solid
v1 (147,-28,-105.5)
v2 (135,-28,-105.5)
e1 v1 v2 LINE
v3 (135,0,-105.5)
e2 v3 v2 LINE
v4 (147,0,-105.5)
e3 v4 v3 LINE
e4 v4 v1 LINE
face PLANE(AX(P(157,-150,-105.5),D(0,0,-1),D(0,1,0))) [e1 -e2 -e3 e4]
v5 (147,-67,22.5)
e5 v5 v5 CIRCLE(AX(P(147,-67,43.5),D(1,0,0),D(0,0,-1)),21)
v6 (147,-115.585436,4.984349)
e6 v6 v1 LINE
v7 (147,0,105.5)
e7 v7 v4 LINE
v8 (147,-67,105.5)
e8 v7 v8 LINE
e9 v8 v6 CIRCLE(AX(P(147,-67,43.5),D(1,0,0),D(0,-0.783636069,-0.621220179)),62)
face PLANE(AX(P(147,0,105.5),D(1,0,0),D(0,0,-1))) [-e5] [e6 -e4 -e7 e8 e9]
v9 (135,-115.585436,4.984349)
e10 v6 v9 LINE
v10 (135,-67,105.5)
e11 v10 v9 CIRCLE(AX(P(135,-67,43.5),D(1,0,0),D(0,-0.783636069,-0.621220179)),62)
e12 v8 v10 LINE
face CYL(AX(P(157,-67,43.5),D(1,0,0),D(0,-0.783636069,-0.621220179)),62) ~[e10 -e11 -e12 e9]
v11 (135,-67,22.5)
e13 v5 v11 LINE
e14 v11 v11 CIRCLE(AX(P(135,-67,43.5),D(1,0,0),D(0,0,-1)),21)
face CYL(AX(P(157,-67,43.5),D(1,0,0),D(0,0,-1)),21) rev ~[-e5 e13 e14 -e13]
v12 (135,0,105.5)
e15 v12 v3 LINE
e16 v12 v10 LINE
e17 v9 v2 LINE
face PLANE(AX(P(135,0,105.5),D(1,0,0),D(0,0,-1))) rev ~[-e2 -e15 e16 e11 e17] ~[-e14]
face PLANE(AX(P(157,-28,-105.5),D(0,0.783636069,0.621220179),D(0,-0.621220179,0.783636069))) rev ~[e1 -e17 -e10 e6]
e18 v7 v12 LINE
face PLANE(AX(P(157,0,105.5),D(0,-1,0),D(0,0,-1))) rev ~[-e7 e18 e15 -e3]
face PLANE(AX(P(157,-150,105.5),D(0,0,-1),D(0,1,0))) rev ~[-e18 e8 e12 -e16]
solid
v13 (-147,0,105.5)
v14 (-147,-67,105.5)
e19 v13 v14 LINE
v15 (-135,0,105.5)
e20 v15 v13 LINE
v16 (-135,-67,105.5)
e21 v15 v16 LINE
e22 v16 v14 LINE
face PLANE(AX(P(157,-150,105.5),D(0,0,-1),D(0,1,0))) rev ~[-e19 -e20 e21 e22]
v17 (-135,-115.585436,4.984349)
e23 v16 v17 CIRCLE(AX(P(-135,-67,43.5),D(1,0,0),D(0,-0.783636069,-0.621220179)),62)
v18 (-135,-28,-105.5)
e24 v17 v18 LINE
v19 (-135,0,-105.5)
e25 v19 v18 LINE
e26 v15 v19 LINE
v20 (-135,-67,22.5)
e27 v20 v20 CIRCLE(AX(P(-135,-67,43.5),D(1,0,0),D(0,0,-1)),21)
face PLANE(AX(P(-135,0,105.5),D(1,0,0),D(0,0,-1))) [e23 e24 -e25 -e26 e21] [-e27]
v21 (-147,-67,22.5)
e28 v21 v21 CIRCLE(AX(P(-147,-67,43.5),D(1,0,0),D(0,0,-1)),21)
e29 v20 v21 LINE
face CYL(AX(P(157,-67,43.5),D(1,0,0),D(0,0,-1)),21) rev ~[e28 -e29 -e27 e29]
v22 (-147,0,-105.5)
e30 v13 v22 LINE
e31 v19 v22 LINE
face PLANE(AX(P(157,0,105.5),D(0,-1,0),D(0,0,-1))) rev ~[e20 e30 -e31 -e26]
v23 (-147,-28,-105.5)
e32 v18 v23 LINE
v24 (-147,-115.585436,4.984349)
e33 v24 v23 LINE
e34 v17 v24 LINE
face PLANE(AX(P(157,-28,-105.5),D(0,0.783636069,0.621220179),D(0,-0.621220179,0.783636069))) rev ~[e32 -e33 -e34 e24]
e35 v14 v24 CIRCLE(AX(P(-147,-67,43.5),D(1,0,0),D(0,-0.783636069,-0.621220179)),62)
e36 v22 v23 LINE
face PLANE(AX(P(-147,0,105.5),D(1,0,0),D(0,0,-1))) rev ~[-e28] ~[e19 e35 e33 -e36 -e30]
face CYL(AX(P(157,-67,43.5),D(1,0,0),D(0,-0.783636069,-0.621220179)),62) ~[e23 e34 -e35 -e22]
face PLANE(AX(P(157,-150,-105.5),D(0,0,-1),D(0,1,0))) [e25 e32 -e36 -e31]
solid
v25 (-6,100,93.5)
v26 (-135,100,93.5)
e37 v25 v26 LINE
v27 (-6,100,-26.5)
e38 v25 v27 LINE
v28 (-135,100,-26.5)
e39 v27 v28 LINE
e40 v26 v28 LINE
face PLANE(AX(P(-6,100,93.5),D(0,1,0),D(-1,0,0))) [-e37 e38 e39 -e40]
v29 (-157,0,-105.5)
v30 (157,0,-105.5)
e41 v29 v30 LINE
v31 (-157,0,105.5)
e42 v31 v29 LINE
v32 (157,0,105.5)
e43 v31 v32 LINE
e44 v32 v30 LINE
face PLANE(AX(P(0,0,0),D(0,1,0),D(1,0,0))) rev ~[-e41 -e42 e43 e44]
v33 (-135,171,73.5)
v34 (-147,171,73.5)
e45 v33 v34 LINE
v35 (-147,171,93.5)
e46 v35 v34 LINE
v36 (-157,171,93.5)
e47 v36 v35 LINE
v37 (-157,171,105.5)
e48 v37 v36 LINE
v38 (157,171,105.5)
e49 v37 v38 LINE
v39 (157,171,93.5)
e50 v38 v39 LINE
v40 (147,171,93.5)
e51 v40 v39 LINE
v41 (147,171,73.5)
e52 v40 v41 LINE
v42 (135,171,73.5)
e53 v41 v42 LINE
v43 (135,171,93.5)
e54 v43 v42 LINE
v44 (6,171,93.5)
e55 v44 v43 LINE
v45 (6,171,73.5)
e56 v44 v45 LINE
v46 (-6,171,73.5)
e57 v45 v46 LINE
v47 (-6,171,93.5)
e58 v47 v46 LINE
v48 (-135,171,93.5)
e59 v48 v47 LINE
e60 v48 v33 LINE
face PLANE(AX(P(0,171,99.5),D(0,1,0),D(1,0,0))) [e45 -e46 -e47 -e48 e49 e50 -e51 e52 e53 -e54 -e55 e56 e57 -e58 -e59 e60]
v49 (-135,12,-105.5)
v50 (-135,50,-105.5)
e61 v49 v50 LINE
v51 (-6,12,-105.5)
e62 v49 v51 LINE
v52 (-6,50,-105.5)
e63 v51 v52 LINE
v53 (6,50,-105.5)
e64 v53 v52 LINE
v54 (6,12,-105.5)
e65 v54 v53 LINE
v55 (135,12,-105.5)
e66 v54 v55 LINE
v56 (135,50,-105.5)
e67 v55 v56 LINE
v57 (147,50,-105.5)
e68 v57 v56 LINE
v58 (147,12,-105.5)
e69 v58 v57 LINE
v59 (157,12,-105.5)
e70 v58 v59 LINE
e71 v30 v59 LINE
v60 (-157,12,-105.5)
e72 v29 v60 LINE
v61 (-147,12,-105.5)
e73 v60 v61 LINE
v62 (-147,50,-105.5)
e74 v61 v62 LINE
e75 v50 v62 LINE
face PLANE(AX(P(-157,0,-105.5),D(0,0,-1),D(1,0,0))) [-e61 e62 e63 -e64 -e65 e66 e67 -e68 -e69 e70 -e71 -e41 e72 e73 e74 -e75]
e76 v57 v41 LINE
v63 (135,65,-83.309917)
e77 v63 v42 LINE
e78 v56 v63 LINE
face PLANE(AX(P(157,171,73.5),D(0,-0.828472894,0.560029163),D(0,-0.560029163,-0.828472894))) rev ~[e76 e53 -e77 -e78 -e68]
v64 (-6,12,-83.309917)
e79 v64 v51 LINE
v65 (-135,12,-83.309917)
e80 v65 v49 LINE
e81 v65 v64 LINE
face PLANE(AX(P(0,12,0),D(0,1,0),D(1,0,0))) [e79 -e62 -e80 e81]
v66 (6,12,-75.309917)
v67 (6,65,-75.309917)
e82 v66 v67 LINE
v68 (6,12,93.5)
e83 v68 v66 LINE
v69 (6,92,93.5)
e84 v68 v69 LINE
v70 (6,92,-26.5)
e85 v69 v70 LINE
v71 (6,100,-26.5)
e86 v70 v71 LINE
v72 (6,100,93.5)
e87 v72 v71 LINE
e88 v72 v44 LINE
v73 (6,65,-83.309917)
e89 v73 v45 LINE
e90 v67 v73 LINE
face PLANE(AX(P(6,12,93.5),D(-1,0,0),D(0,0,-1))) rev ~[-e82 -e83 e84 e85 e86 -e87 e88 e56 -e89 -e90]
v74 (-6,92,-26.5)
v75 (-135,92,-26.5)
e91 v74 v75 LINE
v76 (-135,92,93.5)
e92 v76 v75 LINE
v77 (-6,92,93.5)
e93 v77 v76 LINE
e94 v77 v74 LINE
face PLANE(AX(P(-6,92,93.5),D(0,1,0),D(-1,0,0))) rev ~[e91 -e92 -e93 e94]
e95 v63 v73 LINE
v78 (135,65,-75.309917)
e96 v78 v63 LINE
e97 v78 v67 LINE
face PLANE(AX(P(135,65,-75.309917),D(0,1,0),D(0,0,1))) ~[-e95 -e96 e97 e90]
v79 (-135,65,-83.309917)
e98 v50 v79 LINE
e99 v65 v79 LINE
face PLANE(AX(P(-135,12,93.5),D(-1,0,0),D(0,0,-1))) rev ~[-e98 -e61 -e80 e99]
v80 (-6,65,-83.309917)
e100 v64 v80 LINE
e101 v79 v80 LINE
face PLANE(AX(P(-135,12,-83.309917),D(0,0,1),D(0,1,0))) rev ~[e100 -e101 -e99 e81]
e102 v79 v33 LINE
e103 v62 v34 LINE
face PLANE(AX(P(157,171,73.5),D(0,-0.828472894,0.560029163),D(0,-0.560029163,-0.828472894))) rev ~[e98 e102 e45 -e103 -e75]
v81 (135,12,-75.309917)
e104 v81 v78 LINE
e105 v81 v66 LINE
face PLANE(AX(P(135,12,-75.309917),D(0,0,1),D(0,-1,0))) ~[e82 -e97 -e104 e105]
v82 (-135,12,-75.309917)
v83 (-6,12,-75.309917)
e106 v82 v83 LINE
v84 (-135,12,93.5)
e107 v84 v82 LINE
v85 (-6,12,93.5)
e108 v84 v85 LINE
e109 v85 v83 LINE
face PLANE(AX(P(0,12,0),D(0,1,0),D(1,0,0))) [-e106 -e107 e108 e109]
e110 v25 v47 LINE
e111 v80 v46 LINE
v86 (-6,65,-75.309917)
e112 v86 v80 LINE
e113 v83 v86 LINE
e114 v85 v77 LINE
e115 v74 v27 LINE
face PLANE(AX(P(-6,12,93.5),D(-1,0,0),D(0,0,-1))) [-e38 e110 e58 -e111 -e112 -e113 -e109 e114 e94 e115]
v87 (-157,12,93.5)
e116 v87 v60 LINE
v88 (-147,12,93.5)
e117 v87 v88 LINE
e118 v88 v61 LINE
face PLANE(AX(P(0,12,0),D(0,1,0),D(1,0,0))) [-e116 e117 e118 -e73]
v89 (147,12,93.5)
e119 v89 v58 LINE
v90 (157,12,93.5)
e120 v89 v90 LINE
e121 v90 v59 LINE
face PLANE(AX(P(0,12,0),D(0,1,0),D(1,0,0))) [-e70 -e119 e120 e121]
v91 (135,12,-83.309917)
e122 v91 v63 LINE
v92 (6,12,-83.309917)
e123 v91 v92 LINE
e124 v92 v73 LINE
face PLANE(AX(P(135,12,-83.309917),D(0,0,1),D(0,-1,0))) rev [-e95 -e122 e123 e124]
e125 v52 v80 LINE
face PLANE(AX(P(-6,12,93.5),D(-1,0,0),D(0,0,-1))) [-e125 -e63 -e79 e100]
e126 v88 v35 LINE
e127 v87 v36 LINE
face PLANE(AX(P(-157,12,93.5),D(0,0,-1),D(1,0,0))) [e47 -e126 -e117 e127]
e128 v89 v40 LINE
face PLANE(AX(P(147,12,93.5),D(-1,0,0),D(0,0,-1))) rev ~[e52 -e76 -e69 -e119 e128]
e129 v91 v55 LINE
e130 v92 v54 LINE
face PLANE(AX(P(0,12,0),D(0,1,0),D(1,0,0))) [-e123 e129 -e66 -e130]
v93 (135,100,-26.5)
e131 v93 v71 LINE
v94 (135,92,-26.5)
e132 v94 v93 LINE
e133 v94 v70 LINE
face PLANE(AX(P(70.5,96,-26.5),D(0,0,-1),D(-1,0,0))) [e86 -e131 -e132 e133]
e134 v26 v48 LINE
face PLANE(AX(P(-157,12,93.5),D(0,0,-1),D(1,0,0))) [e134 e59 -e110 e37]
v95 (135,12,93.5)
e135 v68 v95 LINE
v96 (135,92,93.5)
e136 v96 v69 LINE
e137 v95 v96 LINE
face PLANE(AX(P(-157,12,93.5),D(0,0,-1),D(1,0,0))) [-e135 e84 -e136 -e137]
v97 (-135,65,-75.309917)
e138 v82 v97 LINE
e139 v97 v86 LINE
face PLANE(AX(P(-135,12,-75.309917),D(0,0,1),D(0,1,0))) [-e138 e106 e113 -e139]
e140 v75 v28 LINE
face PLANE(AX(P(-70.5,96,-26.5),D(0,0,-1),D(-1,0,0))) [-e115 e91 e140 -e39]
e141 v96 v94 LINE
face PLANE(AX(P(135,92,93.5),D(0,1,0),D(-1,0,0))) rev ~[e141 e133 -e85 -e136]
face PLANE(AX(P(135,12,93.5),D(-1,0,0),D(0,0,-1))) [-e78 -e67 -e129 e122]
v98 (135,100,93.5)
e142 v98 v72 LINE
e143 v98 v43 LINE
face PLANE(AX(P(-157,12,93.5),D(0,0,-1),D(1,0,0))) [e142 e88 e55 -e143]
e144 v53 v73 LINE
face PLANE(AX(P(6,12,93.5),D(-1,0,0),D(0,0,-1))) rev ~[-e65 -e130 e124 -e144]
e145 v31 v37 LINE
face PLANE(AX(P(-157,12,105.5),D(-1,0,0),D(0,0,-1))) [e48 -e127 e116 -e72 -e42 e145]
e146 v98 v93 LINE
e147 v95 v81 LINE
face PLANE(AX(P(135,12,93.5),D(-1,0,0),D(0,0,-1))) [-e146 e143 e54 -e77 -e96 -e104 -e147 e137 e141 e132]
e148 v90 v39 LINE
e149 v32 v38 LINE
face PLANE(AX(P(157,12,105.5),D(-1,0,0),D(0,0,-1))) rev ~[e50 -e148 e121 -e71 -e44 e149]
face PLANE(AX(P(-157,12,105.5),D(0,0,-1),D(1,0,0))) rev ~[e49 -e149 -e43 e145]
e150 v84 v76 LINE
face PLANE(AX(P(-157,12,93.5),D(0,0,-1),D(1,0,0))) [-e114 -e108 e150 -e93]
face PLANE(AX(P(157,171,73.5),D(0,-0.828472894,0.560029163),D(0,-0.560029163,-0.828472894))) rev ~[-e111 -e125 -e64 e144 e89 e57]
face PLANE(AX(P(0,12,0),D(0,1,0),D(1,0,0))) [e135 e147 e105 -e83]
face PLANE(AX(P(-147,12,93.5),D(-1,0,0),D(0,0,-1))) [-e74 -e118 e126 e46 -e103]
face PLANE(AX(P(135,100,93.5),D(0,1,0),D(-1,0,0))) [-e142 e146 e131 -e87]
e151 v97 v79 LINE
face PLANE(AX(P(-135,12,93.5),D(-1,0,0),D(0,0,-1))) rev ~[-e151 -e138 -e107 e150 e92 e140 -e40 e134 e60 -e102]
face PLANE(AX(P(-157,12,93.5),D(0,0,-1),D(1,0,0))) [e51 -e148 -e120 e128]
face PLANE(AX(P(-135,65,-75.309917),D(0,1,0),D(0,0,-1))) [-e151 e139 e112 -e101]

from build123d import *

# Parameters (mm, degrees)
SKETCH_7_W             = 314
SKETCH_7_H             = 211
EXTRUDE_7_DEPTH        = 12
SKETCH_8_W             = 211
SKETCH_8_H             = 150
EXTRUDE_8_DEPTH        = 314
SKETCH_9_R             = 21
CUT_EXTRUDE_1_DEPTH    = 364.629275499
SKETCH_10_W            = 270
SKETCH_10_H            = 211
SKETCH_10_W_2          = 10
CUT_EXTRUDE_2_DEPTH    = 229.954689841
SKETCH_11_W            = 314
SKETCH_11_H            = 12
EXTRUDE_9_DEPTH        = 159
SKETCH_13_W            = 12
SKETCH_13_H            = 199
EXTRUDE_11_DEPTH       = 159
PATTERN_LINEAR_2_COUNT = 2
PATTERN_LINEAR_2_PITCH = 141
PATTERN_LINEAR_3_COUNT = 2
PATTERN_LINEAR_3_PITCH = 141
CUT_EXTRUDE_3_DEPTH    = 373.783113888
SKETCH_15_W            = 8
SKETCH_15_H            = 53
EXTRUDE_12_DEPTH       = 129
SKETCH_16_W            = 129
SKETCH_16_H            = 8
EXTRUDE_13_DEPTH       = 120


with BuildPart() as part:
    # 草图7 → 凸台-拉伸7 (new body)
    with BuildSketch(Plane(origin=(0, 0, 0), x_dir=(1, 0, 0), z_dir=(0, 1, 0))):
        Rectangle(SKETCH_7_W, SKETCH_7_H)
    extrude(amount=EXTRUDE_7_DEPTH)

    # 草图11 → 凸台-拉伸9 (add)
    with BuildSketch(Plane(origin=(0, 12, 0), x_dir=(1, 0, 0), z_dir=(0, 1, 0))):
        with Locations((0, -99.5)):
            Rectangle(SKETCH_11_W, SKETCH_11_H)
    extrude(amount=EXTRUDE_9_DEPTH)

    # 草图13 → 凸台-拉伸11 (add)
    with BuildSketch(Plane(origin=(0, 12, 0), x_dir=(1, 0, 0), z_dir=(0, 1, 0))):
        with Locations((0, 6)):
            Rectangle(SKETCH_13_W, SKETCH_13_H)
    extrude_11 = extrude(amount=EXTRUDE_11_DEPTH)

    # 阵列(线性)2: 凸台-拉伸11 ×2
    with Locations(*[(-i * PATTERN_LINEAR_2_PITCH, 0, 0) for i in range(1, PATTERN_LINEAR_2_COUNT)]):
        add(extrude_11)

    # 阵列(线性)3: 凸台-拉伸11 ×2
    with Locations(*[(i * PATTERN_LINEAR_3_PITCH, 0, 0) for i in range(1, PATTERN_LINEAR_3_COUNT)]):
        add(extrude_11)

    # 草图14 → 切除-拉伸3 (cut, through all)
    with BuildSketch(Plane(origin=(157, 0, 0), x_dir=(0, 0, -1), z_dir=(1, 0, 0))):
        Polygon((-73.5, 171), (105.5, 50), (105.5, 171), align=None)
    extrude(amount=-CUT_EXTRUDE_3_DEPTH, mode=Mode.SUBTRACT)

    # 草图15 → 凸台-拉伸12 (add)
    with BuildSketch(Plane(origin=(-135, 0, 0), x_dir=(0, 0, -1), z_dir=(1, 0, 0))):
        with Locations((79.309917355, 38.5)):
            Rectangle(SKETCH_15_W, SKETCH_15_H)
    extrude_12 = extrude(amount=EXTRUDE_12_DEPTH)

    # 镜向1: 凸台-拉伸12 across plane
    add(extrude_12.mirror(Plane(origin=(0, 0, 0), x_dir=(0, 0, 1), z_dir=(1, 0, 0))))

    # 草图16 → 凸台-拉伸13 (add)
    with BuildSketch(Plane(origin=(0, 0, 93.5), x_dir=(-1, 0, 0), z_dir=(0, 0, -1))):
        with Locations((-70.5, 96)):
            Rectangle(SKETCH_16_W, SKETCH_16_H)
        with Locations((70.5, 96)):
            Rectangle(SKETCH_16_W, SKETCH_16_H)
    extrude(amount=EXTRUDE_13_DEPTH)


with BuildPart() as body_2:
    # 草图8 → 凸台-拉伸8 (new body)
    with BuildSketch(Plane(origin=(157, 0, 0), x_dir=(0, 0, -1), z_dir=(1, 0, 0))):
        with Locations((0, -75)):
            Rectangle(SKETCH_8_W, SKETCH_8_H)
    extrude(amount=-EXTRUDE_8_DEPTH)

    # 草图9 → 切除-拉伸1 (cut, through all)
    with BuildSketch(Plane(origin=(157, 0, 0), x_dir=(0, 0, -1), z_dir=(1, 0, 0))):
        with Locations((-43.5, -67)):
            Circle(SKETCH_9_R)
        with BuildLine():
            Line((105.5, -28), (-4.98434889, -115.585436291))
            ThreePointArc((-4.98434889, -115.585436291), (-70.481749676, -122.821010242), (-105.5, -67))
            Line((-105.5, -67), (-105.5, -150))
            Line((-105.5, -150), (105.5, -150))
            Line((105.5, -150), (105.5, -28))
        make_face()
    extrude(amount=-CUT_EXTRUDE_1_DEPTH, mode=Mode.SUBTRACT)

    # 草图10 → 切除-拉伸2 (cut, through all)
    with BuildSketch(Plane(origin=(0, 0, 0), x_dir=(1, 0, 0), z_dir=(0, 1, 0))):
        Rectangle(SKETCH_10_W, SKETCH_10_H)
        with Locations((-152, 0)):
            Rectangle(SKETCH_10_W_2, SKETCH_10_H)
        with Locations((152, 0)):
            Rectangle(SKETCH_10_W_2, SKETCH_10_H)
    extrude(amount=-CUT_EXTRUDE_2_DEPTH, mode=Mode.SUBTRACT)


with BuildPart() as cut_extrude_2_piece_1:
    # of the separate pieces the step leaves, piece 1, a body of its own (cut_extrude_2_pieces)
    add(body_2.part.solids().sort_by_distance((147, 0, 105.5))[0])


with BuildPart() as cut_extrude_2_piece_2:
    # of the separate pieces the step leaves, piece 2, a body of its own (cut_extrude_2_pieces)
    add(body_2.part.solids().sort_by_distance((-135, 0, 105.5))[0])


solid = Compound([part.part, cut_extrude_2_piece_1.part, cut_extrude_2_piece_2.part])
